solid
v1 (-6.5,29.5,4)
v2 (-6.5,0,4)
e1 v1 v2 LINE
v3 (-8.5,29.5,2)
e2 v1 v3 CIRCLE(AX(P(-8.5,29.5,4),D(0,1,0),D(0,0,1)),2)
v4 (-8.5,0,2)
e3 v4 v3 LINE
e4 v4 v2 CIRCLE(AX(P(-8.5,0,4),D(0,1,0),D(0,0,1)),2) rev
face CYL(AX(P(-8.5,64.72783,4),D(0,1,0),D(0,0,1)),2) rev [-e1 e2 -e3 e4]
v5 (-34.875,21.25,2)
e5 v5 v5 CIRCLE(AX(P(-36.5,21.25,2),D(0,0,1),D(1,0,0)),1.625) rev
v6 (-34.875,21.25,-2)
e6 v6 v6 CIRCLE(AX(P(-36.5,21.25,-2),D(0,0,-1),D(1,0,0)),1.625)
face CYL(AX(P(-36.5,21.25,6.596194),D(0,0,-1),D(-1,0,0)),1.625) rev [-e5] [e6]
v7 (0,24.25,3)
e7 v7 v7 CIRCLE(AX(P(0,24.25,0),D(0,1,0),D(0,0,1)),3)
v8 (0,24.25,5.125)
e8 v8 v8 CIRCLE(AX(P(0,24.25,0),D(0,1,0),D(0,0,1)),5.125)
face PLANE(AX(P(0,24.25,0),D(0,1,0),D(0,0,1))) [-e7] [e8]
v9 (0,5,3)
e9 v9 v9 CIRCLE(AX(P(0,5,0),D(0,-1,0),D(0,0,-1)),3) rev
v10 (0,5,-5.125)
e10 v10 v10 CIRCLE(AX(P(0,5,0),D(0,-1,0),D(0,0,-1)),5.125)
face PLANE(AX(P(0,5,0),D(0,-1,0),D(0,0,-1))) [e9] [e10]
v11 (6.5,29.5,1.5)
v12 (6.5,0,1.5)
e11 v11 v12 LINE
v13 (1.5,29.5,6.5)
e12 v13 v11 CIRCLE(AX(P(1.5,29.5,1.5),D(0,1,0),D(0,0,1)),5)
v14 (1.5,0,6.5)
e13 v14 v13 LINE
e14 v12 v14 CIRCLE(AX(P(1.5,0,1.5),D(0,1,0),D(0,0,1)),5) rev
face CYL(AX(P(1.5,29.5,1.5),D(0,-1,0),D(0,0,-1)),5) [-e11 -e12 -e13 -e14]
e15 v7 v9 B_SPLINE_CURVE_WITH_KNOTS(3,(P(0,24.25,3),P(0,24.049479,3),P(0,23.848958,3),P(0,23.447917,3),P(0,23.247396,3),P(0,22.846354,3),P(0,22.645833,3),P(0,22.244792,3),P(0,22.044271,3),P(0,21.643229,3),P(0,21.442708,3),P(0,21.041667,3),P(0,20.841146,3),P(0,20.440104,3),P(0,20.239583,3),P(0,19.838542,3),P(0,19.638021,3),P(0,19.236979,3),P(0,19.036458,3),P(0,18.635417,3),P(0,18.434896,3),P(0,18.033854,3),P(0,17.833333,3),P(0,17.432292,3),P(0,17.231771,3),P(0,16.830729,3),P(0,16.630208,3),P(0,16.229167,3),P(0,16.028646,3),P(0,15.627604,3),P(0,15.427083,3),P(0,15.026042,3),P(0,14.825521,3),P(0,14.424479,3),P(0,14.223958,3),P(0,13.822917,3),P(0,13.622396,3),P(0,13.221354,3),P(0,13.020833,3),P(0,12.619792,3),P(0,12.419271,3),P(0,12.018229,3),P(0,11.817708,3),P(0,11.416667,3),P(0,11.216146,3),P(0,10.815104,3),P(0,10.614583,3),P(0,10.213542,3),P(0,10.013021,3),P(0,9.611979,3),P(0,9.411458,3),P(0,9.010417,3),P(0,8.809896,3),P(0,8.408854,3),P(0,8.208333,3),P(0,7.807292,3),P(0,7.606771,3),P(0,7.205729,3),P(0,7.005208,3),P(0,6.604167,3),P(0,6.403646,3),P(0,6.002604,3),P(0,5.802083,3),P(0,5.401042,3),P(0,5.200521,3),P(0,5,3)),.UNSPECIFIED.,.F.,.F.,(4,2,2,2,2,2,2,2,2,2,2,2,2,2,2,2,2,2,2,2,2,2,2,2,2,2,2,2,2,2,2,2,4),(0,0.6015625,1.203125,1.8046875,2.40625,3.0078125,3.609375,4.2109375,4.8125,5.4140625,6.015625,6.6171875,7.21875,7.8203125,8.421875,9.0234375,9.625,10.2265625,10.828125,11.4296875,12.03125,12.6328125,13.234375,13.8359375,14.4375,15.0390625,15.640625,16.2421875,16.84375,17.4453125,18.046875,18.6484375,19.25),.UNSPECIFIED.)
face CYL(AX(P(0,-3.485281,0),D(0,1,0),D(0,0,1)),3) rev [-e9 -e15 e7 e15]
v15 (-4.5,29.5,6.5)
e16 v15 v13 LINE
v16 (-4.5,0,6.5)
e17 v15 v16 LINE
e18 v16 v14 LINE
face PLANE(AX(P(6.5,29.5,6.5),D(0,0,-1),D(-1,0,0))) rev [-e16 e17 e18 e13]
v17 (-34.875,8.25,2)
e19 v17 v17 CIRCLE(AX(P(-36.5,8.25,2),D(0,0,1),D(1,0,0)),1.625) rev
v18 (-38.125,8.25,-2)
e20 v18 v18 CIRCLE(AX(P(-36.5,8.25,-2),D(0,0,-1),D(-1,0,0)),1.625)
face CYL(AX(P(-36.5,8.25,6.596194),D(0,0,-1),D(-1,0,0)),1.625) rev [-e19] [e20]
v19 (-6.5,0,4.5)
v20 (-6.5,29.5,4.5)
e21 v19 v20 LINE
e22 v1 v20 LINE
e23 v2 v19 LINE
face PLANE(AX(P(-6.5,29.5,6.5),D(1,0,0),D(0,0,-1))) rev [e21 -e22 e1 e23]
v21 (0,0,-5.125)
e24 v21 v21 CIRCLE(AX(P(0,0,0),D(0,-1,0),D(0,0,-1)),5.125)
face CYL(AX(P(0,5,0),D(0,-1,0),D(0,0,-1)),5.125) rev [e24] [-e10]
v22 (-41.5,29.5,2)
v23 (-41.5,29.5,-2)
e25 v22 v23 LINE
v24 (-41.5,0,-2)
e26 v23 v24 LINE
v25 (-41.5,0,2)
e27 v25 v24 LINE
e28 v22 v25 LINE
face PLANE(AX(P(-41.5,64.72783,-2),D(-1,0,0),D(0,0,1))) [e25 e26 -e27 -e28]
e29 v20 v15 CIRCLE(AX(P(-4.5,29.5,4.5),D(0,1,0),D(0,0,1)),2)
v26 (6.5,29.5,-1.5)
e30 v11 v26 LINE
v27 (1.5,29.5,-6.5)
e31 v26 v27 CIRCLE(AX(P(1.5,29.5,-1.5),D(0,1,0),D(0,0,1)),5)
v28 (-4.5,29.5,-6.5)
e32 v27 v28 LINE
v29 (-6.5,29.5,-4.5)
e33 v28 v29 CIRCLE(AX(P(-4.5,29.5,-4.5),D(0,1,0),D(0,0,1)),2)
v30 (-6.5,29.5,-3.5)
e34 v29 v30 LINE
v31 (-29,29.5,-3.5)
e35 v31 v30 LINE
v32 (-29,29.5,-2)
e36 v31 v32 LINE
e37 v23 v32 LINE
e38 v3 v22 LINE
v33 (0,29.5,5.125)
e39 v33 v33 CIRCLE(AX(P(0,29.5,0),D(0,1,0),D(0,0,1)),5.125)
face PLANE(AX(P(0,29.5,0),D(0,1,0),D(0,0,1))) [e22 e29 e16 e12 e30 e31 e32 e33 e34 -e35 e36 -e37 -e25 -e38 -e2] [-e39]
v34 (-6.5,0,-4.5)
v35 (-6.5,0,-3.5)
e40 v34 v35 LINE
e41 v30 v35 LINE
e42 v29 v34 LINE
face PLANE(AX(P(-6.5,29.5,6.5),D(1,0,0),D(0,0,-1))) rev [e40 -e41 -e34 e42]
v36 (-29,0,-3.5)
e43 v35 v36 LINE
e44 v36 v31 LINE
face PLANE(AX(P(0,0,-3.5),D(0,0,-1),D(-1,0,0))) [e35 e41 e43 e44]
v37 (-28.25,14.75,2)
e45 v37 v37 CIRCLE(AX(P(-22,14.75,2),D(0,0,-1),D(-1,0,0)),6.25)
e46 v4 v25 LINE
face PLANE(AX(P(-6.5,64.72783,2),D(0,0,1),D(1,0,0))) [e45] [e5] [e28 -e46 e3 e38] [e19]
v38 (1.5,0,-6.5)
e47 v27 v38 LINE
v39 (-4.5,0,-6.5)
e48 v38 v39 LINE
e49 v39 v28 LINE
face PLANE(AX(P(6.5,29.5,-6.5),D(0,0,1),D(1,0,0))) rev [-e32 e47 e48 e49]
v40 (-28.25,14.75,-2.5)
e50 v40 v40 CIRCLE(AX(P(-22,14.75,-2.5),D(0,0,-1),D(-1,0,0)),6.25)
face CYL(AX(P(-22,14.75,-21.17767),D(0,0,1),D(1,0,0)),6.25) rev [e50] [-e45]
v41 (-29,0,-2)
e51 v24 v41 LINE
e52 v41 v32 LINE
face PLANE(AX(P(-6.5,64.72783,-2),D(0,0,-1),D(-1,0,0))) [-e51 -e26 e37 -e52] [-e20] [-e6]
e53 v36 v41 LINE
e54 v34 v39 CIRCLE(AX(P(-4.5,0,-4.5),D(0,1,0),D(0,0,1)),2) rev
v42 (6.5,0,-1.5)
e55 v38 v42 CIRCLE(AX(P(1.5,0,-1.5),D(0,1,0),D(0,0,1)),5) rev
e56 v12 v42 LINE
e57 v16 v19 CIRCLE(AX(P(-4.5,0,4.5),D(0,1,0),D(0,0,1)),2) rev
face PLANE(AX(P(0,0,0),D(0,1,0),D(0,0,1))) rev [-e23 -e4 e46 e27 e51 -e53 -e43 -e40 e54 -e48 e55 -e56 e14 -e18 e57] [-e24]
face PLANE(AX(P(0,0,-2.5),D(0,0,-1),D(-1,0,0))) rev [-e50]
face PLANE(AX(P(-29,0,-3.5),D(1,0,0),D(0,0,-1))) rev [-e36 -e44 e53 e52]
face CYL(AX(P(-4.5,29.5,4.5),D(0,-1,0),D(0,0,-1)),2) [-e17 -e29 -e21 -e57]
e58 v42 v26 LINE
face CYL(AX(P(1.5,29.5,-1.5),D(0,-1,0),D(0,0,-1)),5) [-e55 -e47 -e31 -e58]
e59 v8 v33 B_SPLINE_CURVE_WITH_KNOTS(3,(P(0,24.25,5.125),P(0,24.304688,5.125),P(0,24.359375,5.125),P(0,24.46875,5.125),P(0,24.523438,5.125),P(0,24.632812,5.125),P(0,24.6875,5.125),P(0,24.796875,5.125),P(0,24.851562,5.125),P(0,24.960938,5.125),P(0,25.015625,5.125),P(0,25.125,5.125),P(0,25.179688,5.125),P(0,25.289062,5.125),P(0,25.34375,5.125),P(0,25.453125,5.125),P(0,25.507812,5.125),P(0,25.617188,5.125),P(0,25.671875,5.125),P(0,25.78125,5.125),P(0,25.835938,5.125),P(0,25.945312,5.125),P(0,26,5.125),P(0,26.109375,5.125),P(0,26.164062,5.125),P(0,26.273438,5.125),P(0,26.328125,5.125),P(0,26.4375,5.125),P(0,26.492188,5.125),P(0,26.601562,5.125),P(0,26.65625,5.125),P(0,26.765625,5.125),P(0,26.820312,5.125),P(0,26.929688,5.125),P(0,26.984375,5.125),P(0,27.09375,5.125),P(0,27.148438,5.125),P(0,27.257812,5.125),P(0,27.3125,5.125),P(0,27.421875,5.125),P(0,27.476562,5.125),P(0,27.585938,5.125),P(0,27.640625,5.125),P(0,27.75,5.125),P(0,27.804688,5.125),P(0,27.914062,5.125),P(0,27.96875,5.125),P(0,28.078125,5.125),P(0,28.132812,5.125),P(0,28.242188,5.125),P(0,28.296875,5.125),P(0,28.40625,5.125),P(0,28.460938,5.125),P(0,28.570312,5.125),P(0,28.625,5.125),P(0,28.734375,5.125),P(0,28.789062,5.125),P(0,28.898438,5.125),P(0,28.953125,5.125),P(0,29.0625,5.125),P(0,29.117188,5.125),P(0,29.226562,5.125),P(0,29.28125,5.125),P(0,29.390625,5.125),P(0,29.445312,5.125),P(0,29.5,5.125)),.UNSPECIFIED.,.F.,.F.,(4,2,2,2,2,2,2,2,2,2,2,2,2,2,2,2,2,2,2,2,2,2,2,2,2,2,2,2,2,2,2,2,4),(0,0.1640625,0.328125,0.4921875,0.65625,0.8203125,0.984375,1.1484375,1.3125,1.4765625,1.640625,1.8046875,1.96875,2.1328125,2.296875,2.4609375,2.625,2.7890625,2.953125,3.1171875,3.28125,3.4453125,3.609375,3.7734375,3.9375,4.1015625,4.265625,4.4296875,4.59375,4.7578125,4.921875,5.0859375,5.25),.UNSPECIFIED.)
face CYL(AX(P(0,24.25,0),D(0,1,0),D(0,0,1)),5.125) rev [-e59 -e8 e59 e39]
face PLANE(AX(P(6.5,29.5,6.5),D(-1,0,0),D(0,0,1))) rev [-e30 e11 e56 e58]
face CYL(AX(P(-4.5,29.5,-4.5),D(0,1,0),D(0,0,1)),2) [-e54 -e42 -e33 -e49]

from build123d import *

# Parameters (mm, degrees)
SKETCH1_W                = 13
SKETCH1_H                = 13
BALL_BEARING_BLOCK_DEPTH = 29.5
SKETCH2_W                = 35
SKETCH2_H                = 4
PADDLE_PLATE_DEPTH       = 29.5
SKETCH3_R                = 5.125
BALLBEARING_1_DEPTH      = 5.25
BALLBEARING_START        = -5
SKETCH4_R                = 5.125
BALLBEARING_2_DEPTH      = 5
SKETCH5_R                = 3
ACHSE_DEPTH              = 19.25
FILLET1_R                = 5
FILLET2_R                = 5
FILLET3_R                = 2
FILLET4_R                = 2
FILLET7_R                = 2
SKETCH6_R                = 1.625
M3_PADDLE_SCREWS_DEPTH   = 4
SKETCH8_W                = 22.5
SKETCH8_H                = 29.5
TOP_PLATE_DEPTH          = 1.5
SKETCH7_R                = 6.25
MAGNET_POCKET_DEPTH      = 4.5


with BuildPart() as part:
    # Sketch1 → Ball Bearing Block (new body)
    with BuildSketch(Plane(origin=(0, 0, 0), x_dir=(1, 0, 0), z_dir=(0, 1, 0))):
        Rectangle(SKETCH1_W, SKETCH1_H)
    extrude(amount=BALL_BEARING_BLOCK_DEPTH)

    # Sketch2 → Paddle Plate (add)
    with BuildSketch(Plane.XZ):
        with Locations((-24, 0)):
            Rectangle(SKETCH2_W, SKETCH2_H)
    extrude(amount=-PADDLE_PLATE_DEPTH)

    # Sketch3 → Ballbearing 1 (cut)
    with BuildSketch(Plane(origin=(0, 29.5, 0), x_dir=(1, 0, 0), z_dir=(0, 1, 0))):
        with Locations(Location((0, 0, 0), (0, 0, 270))):
            Circle(SKETCH3_R)
    extrude(amount=-BALLBEARING_1_DEPTH, mode=Mode.SUBTRACT)

    # Sketch4 → Ballbearing 2 (cut)
    with BuildSketch(Plane.XZ.offset(BALLBEARING_START)):
        with Locations(Location((0, 0, 0), (0, 0, 90))):
            Circle(SKETCH4_R)
    extrude(amount=BALLBEARING_2_DEPTH, mode=Mode.SUBTRACT)

    # Sketch5 → Achse (cut)
    with BuildSketch(Plane(origin=(0, 24.25, 0), x_dir=(1, 0, 0), z_dir=(0, 1, 0))):
        with Locations(Location((0, 0, 0), (0, 0, 270))):
            Circle(SKETCH5_R)
    extrude(amount=-ACHSE_DEPTH, mode=Mode.SUBTRACT)

    # Fillet1
    fillet1_edges = [part.edges().sort_by_distance(p)[0] for p in [
        (6.5, 14.75, -6.5),
    ]]
    fillet(fillet1_edges, radius=FILLET1_R)

    # Fillet2
    fillet2_edges = [part.edges().sort_by_distance(p)[0] for p in [
        (6.5, 14.75, 6.5),
    ]]
    fillet(fillet2_edges, radius=FILLET2_R)

    # Fillet3
    fillet3_edges = [part.edges().sort_by_distance(p)[0] for p in [
        (-6.5, 14.75, -6.5),
    ]]
    fillet(fillet3_edges, radius=FILLET3_R)

    # Fillet4
    fillet4_edges = [part.edges().sort_by_distance(p)[0] for p in [
        (-6.5, 14.75, 6.5),
    ]]
    fillet(fillet4_edges, radius=FILLET4_R)

    # Fillet7
    fillet7_edges = [part.edges().sort_by_distance(p)[0] for p in [
        (-6.5, 14.75, 2),
    ]]
    fillet(fillet7_edges, radius=FILLET7_R)

    # Sketch6 → M3 Paddle Screws (cut)
    with BuildSketch(Plane(origin=(0, 0, -2), x_dir=(-1, 0, 0), z_dir=(0, 0, -1))):
        with Locations((36.5, 8.25)):
            Circle(SKETCH6_R)
        with Locations(Location((36.5, 21.25, 0), (0, 0, 180))):
            Circle(SKETCH6_R)
    extrude(amount=-M3_PADDLE_SCREWS_DEPTH, mode=Mode.SUBTRACT)

    # Sketch8 → Top Plate (add)
    with BuildSketch(Plane(origin=(0, 0, -2), x_dir=(-1, 0, 0), z_dir=(0, 0, -1))):
        with Locations((17.75, 14.75)):
            Rectangle(SKETCH8_W, SKETCH8_H)
    extrude(amount=TOP_PLATE_DEPTH)

    # Sketch7 → Magnet Pocket (cut)
    with BuildSketch(Plane(origin=(0, 0, 2), x_dir=(-1, 0, 0), z_dir=(0, 0, -1))):
        with Locations((22, 14.75)):
            Circle(SKETCH7_R)
    extrude(amount=MAGNET_POCKET_DEPTH, mode=Mode.SUBTRACT)


solid = part.part
